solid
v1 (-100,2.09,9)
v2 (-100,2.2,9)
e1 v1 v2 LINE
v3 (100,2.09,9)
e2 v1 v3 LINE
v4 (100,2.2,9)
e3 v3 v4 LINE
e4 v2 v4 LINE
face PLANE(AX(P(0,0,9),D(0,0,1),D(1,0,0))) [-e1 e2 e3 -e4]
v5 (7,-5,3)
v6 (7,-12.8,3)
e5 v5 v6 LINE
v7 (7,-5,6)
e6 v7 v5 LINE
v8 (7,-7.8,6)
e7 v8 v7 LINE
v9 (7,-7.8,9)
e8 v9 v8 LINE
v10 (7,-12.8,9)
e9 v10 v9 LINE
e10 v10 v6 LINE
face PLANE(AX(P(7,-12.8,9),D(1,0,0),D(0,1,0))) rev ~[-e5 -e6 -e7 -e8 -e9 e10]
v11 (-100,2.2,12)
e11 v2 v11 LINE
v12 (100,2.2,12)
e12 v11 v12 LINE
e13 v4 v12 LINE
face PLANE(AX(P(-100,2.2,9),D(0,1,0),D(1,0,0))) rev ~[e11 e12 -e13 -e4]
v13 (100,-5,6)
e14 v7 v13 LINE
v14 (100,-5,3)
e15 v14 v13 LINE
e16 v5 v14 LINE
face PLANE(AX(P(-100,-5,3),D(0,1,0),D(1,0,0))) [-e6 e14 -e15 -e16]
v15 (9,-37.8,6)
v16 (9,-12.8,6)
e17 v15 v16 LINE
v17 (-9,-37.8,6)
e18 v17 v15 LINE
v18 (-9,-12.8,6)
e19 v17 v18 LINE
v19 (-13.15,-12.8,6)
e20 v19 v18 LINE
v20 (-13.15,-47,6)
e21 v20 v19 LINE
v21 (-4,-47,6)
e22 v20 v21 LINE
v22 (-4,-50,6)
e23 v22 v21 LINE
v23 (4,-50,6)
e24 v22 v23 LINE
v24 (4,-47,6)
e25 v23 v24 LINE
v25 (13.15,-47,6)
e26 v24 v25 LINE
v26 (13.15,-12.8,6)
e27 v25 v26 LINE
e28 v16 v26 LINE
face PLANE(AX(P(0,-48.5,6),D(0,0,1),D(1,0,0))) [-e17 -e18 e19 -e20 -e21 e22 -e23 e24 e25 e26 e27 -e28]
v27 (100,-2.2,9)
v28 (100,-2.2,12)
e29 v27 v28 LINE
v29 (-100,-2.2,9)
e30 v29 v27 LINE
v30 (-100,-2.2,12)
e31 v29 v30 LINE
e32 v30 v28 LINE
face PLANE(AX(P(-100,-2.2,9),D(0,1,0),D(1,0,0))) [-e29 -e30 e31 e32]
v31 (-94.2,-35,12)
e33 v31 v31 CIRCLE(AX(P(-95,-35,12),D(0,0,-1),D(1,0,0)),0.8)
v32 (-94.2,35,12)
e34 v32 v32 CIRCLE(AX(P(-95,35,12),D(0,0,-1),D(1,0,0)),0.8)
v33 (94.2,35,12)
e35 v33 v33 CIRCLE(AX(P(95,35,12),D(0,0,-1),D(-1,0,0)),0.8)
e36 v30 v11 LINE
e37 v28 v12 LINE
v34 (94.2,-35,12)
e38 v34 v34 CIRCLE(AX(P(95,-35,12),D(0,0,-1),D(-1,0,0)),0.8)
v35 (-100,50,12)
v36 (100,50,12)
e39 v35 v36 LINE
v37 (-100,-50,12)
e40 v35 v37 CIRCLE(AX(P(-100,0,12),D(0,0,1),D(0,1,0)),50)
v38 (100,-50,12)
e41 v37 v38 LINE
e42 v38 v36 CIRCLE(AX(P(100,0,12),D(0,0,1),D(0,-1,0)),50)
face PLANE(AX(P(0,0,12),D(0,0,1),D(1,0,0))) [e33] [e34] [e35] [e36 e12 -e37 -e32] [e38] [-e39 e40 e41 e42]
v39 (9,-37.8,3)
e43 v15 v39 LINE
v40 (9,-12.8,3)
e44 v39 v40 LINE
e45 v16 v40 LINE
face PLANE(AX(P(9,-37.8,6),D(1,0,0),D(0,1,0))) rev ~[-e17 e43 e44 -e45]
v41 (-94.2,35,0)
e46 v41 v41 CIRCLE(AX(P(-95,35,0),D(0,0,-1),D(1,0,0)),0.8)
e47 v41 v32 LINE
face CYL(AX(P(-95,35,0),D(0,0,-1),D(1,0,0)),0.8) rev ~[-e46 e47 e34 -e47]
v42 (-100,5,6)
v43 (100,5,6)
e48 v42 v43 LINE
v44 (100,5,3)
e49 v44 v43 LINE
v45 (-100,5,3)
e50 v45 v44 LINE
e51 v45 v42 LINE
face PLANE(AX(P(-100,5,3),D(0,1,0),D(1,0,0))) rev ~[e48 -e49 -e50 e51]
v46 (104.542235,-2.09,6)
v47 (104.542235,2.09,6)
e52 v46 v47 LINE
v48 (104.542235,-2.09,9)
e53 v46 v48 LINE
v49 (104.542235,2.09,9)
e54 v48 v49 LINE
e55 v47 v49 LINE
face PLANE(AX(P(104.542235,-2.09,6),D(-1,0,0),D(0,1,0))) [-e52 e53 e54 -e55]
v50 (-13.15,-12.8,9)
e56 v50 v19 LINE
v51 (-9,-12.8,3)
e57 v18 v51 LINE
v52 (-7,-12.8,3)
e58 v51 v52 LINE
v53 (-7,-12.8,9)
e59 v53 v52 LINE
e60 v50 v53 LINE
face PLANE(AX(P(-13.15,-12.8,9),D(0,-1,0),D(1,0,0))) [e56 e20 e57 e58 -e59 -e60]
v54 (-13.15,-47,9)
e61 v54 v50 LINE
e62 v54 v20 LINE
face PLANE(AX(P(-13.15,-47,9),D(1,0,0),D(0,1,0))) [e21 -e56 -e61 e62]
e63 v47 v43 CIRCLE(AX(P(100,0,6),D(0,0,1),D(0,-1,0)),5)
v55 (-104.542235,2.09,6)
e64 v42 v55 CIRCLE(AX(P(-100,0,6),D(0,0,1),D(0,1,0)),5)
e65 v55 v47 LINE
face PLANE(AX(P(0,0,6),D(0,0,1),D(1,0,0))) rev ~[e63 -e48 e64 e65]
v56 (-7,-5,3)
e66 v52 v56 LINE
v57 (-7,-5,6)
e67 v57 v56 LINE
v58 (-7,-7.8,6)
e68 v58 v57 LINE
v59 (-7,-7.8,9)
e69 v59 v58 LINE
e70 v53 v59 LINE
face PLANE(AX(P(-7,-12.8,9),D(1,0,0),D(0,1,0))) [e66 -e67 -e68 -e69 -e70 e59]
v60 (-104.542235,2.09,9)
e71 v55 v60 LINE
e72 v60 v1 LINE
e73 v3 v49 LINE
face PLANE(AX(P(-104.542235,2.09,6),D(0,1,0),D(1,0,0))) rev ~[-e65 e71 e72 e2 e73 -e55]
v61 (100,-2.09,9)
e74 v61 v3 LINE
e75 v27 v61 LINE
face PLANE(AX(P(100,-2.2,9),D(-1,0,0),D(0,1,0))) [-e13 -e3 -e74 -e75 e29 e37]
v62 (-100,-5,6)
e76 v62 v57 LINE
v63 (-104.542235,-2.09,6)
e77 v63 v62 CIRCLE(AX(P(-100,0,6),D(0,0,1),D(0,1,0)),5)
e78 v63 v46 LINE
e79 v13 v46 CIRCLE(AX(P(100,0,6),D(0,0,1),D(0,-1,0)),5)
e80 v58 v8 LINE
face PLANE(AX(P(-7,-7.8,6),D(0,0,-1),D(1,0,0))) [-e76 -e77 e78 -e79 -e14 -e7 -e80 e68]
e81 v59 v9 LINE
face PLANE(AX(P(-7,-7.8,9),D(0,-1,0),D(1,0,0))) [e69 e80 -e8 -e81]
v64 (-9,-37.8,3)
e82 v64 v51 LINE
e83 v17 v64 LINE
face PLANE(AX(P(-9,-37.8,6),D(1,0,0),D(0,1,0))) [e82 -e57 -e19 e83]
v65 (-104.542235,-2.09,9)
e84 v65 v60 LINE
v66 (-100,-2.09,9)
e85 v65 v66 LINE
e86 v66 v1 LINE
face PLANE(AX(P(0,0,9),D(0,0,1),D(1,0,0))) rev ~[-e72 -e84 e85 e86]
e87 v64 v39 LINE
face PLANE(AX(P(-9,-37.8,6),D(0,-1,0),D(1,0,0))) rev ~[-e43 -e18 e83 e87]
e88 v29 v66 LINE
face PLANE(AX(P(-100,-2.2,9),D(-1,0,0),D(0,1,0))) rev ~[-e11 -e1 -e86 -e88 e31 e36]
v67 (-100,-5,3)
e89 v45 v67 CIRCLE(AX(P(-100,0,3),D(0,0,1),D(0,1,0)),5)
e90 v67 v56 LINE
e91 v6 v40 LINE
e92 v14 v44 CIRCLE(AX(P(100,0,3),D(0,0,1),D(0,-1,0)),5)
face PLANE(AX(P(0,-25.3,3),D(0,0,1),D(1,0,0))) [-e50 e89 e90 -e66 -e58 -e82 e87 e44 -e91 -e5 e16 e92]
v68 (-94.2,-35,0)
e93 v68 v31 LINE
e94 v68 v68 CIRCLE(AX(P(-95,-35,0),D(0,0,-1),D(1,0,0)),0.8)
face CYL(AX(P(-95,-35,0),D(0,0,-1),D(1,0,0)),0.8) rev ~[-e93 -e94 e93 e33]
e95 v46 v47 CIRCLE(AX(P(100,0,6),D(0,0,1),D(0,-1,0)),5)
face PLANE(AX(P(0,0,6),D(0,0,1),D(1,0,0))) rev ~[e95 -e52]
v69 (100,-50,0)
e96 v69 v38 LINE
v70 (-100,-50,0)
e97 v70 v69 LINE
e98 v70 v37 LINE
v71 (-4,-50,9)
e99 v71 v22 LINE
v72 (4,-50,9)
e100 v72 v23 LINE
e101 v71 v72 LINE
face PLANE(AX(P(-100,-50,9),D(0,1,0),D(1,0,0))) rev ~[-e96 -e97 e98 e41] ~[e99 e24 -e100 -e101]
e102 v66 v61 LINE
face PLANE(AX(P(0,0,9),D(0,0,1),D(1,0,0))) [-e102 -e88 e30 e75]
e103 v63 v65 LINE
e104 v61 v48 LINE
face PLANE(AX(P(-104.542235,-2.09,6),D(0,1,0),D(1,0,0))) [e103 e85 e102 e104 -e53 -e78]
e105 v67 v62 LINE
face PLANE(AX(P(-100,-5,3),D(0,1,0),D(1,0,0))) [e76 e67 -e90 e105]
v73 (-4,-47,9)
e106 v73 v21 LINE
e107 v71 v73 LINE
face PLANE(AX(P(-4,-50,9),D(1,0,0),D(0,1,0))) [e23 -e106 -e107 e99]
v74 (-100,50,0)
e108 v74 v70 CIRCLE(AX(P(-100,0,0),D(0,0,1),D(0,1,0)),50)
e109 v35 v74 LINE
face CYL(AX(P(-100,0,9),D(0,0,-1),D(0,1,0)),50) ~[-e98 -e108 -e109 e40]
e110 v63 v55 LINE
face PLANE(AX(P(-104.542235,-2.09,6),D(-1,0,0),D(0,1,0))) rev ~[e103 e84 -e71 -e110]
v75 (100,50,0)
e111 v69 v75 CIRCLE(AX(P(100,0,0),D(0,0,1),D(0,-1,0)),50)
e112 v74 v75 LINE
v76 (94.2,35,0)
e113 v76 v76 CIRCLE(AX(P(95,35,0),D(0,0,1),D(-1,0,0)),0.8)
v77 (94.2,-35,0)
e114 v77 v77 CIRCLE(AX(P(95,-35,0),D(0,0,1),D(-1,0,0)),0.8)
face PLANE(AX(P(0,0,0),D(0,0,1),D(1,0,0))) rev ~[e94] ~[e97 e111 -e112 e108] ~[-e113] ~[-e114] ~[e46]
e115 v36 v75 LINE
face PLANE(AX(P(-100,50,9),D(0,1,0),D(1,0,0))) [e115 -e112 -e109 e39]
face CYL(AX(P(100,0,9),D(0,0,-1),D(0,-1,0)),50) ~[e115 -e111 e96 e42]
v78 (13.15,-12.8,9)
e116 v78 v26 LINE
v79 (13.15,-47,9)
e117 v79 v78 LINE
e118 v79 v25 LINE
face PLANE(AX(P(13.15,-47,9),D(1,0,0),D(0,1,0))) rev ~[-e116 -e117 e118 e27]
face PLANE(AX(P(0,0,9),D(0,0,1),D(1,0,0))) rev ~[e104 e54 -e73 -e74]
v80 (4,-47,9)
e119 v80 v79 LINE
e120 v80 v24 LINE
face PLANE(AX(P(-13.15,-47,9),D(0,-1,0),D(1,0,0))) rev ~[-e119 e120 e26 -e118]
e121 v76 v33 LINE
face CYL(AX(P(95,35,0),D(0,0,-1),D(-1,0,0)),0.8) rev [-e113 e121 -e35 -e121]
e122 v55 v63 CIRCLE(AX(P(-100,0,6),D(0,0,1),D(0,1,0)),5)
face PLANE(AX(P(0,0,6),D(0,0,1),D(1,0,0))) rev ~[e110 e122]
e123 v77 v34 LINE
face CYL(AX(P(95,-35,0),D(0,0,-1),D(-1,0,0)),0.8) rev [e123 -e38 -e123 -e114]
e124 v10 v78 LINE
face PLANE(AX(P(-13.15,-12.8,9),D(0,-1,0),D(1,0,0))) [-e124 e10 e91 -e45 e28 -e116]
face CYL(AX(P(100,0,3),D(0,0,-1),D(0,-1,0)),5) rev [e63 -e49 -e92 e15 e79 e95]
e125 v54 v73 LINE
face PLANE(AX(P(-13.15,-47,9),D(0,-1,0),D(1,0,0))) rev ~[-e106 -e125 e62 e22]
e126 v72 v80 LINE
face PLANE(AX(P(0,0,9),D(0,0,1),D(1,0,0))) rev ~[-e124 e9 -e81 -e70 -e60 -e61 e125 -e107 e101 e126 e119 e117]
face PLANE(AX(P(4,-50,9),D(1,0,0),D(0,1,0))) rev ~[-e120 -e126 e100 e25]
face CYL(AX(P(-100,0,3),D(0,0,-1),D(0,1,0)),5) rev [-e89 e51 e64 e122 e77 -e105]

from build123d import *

# Parameters (mm, degrees)
PAD_DEPTH       = 3
PAD001_DEPTH    = 3
SKETCH002_W     = 209.08447
SKETCH002_H     = 4.18
PAD002_DEPTH    = 3
SKETCH003_W     = 26.3
SKETCH003_H     = 34.2
POCKET_DEPTH    = 3
SKETCH004_W     = 18
SKETCH004_H     = 25
POCKET001_DEPTH = 3
SKETCH005_W     = 14
SKETCH005_H     = 5
POCKET002_DEPTH = 6
SKETCH006_W     = 14
SKETCH006_H     = 3
POCKET003_DEPTH = 3
SKETCH007_W     = 8
SKETCH007_H     = 3
POCKET004_DEPTH = 3
SKETCH008_W     = 200
SKETCH008_H     = 4.4
PAD003_DEPTH    = 3
SKETCH009_R     = 0.8
POCKET005_DEPTH = 644.911736


with BuildPart() as part:
    # Sketch → Pad (new body)
    with BuildSketch(Plane.XY):
        with BuildLine():
            ThreePointArc((-100, 50), (-150, 0), (-100, -50))
            Line((-100, -50), (100, -50))
            ThreePointArc((100, -50), (150, 0), (100, 50))
            Line((-100, 50), (100, 50))
        make_face()
    extrude(amount=PAD_DEPTH)

    # Sketch001 (on Face6 of Pad) → Pad001 (join)
    with BuildSketch(Plane.XY.offset(3)):
        with BuildLine():
            ThreePointArc((-100, 50), (-150, 0), (-100, -50))
            Line((-100, -50), (100, -50))
            ThreePointArc((100, -50), (150, 0), (100, 50))
            Line((-100, 50), (100, 50))
        make_face()
        with BuildLine():
            ThreePointArc((-100, 5), (-105, 0), (-100, -5))
            Line((-100, -5), (100, -5))
            ThreePointArc((100, -5), (105, 0), (100, 5))
            Line((-100, 5), (100, 5))
        make_face(mode=Mode.SUBTRACT)
    extrude(amount=PAD001_DEPTH)

    # Sketch002 (on Face9 of Pad001) → Pad002 (join)
    with BuildSketch(Plane.XY.offset(6)):
        with BuildLine():
            ThreePointArc((-100, 50), (-150, 0), (-100, -50))
            Line((-100, -50), (100, -50))
            ThreePointArc((100, -50), (150, 0), (100, 50))
            Line((-100, 50), (100, 50))
        make_face()
        Rectangle(SKETCH002_W, SKETCH002_H, mode=Mode.SUBTRACT)
    extrude(amount=PAD002_DEPTH)

    # Sketch003 (on Face13 of Pad002) → Pocket (cut)
    with BuildSketch(Plane.XY.offset(9)):
        with Locations((0, -29.9)):
            Rectangle(SKETCH003_W, SKETCH003_H)
    extrude(amount=-POCKET_DEPTH, mode=Mode.SUBTRACT)

    # Sketch004 (on Face27 of Pocket) → Pocket001 (cut)
    with BuildSketch(Plane.XY.offset(6)):
        with Locations((0, -25.3)):
            Rectangle(SKETCH004_W, SKETCH004_H)
    extrude(amount=-POCKET001_DEPTH, mode=Mode.SUBTRACT)

    # Sketch005 (on Face13 of Pocket001) → Pocket002 (cut)
    with BuildSketch(Plane.XY.offset(9)):
        with Locations((0, -10.3)):
            Rectangle(SKETCH005_W, SKETCH005_H)
    extrude(amount=-POCKET002_DEPTH, mode=Mode.SUBTRACT)

    # Sketch006 (on Face23 of Pocket002) → Pocket003 (cut)
    with BuildSketch(Plane.XZ.offset(7.8)):
        with Locations((0, 4.5)):
            Rectangle(SKETCH006_W, SKETCH006_H)
    extrude(amount=-POCKET003_DEPTH, mode=Mode.SUBTRACT)

    # Sketch007 (on Face13 of Pocket003) → Pocket004 (cut)
    with BuildSketch(Plane.XY.offset(9)):
        with Locations((0, -48.5)):
            Rectangle(SKETCH007_W, SKETCH007_H)
    extrude(amount=-POCKET004_DEPTH, mode=Mode.SUBTRACT)

    # Sketch008 (on Face15 of Pocket004) → Pad003 (join)
    with BuildSketch(Plane.XY.offset(9)):
        with BuildLine():
            ThreePointArc((-100, 50), (-150, 0), (-100, -50))
            Line((-100, -50), (100, -50))
            ThreePointArc((100, -50), (150, 0), (100, 50))
            Line((-100, 50), (100, 50))
        make_face()
        Rectangle(SKETCH008_W, SKETCH008_H, mode=Mode.SUBTRACT)
    extrude(amount=PAD003_DEPTH)

    # Sketch009 (on Face4 of Pad003) → Pocket005 (cut, through all)
    with BuildSketch(Plane(origin=(0, 0, 0), x_dir=(1, 0, 0), z_dir=(0, 0, -1))):
        with Locations((-95, 35)):
            Circle(SKETCH009_R)
        with Locations((-95, -35)):
            Circle(SKETCH009_R)
    pocket005 = extrude(amount=-POCKET005_DEPTH, mode=Mode.SUBTRACT)

    # Mirrored: Pocket005 across Sketch009 V_Axis
    add(pocket005.mirror(Plane(origin=(0, 0, 0), x_dir=(0, 0, -1), z_dir=(1, 0, 0))), mode=Mode.SUBTRACT)


solid = part.part
